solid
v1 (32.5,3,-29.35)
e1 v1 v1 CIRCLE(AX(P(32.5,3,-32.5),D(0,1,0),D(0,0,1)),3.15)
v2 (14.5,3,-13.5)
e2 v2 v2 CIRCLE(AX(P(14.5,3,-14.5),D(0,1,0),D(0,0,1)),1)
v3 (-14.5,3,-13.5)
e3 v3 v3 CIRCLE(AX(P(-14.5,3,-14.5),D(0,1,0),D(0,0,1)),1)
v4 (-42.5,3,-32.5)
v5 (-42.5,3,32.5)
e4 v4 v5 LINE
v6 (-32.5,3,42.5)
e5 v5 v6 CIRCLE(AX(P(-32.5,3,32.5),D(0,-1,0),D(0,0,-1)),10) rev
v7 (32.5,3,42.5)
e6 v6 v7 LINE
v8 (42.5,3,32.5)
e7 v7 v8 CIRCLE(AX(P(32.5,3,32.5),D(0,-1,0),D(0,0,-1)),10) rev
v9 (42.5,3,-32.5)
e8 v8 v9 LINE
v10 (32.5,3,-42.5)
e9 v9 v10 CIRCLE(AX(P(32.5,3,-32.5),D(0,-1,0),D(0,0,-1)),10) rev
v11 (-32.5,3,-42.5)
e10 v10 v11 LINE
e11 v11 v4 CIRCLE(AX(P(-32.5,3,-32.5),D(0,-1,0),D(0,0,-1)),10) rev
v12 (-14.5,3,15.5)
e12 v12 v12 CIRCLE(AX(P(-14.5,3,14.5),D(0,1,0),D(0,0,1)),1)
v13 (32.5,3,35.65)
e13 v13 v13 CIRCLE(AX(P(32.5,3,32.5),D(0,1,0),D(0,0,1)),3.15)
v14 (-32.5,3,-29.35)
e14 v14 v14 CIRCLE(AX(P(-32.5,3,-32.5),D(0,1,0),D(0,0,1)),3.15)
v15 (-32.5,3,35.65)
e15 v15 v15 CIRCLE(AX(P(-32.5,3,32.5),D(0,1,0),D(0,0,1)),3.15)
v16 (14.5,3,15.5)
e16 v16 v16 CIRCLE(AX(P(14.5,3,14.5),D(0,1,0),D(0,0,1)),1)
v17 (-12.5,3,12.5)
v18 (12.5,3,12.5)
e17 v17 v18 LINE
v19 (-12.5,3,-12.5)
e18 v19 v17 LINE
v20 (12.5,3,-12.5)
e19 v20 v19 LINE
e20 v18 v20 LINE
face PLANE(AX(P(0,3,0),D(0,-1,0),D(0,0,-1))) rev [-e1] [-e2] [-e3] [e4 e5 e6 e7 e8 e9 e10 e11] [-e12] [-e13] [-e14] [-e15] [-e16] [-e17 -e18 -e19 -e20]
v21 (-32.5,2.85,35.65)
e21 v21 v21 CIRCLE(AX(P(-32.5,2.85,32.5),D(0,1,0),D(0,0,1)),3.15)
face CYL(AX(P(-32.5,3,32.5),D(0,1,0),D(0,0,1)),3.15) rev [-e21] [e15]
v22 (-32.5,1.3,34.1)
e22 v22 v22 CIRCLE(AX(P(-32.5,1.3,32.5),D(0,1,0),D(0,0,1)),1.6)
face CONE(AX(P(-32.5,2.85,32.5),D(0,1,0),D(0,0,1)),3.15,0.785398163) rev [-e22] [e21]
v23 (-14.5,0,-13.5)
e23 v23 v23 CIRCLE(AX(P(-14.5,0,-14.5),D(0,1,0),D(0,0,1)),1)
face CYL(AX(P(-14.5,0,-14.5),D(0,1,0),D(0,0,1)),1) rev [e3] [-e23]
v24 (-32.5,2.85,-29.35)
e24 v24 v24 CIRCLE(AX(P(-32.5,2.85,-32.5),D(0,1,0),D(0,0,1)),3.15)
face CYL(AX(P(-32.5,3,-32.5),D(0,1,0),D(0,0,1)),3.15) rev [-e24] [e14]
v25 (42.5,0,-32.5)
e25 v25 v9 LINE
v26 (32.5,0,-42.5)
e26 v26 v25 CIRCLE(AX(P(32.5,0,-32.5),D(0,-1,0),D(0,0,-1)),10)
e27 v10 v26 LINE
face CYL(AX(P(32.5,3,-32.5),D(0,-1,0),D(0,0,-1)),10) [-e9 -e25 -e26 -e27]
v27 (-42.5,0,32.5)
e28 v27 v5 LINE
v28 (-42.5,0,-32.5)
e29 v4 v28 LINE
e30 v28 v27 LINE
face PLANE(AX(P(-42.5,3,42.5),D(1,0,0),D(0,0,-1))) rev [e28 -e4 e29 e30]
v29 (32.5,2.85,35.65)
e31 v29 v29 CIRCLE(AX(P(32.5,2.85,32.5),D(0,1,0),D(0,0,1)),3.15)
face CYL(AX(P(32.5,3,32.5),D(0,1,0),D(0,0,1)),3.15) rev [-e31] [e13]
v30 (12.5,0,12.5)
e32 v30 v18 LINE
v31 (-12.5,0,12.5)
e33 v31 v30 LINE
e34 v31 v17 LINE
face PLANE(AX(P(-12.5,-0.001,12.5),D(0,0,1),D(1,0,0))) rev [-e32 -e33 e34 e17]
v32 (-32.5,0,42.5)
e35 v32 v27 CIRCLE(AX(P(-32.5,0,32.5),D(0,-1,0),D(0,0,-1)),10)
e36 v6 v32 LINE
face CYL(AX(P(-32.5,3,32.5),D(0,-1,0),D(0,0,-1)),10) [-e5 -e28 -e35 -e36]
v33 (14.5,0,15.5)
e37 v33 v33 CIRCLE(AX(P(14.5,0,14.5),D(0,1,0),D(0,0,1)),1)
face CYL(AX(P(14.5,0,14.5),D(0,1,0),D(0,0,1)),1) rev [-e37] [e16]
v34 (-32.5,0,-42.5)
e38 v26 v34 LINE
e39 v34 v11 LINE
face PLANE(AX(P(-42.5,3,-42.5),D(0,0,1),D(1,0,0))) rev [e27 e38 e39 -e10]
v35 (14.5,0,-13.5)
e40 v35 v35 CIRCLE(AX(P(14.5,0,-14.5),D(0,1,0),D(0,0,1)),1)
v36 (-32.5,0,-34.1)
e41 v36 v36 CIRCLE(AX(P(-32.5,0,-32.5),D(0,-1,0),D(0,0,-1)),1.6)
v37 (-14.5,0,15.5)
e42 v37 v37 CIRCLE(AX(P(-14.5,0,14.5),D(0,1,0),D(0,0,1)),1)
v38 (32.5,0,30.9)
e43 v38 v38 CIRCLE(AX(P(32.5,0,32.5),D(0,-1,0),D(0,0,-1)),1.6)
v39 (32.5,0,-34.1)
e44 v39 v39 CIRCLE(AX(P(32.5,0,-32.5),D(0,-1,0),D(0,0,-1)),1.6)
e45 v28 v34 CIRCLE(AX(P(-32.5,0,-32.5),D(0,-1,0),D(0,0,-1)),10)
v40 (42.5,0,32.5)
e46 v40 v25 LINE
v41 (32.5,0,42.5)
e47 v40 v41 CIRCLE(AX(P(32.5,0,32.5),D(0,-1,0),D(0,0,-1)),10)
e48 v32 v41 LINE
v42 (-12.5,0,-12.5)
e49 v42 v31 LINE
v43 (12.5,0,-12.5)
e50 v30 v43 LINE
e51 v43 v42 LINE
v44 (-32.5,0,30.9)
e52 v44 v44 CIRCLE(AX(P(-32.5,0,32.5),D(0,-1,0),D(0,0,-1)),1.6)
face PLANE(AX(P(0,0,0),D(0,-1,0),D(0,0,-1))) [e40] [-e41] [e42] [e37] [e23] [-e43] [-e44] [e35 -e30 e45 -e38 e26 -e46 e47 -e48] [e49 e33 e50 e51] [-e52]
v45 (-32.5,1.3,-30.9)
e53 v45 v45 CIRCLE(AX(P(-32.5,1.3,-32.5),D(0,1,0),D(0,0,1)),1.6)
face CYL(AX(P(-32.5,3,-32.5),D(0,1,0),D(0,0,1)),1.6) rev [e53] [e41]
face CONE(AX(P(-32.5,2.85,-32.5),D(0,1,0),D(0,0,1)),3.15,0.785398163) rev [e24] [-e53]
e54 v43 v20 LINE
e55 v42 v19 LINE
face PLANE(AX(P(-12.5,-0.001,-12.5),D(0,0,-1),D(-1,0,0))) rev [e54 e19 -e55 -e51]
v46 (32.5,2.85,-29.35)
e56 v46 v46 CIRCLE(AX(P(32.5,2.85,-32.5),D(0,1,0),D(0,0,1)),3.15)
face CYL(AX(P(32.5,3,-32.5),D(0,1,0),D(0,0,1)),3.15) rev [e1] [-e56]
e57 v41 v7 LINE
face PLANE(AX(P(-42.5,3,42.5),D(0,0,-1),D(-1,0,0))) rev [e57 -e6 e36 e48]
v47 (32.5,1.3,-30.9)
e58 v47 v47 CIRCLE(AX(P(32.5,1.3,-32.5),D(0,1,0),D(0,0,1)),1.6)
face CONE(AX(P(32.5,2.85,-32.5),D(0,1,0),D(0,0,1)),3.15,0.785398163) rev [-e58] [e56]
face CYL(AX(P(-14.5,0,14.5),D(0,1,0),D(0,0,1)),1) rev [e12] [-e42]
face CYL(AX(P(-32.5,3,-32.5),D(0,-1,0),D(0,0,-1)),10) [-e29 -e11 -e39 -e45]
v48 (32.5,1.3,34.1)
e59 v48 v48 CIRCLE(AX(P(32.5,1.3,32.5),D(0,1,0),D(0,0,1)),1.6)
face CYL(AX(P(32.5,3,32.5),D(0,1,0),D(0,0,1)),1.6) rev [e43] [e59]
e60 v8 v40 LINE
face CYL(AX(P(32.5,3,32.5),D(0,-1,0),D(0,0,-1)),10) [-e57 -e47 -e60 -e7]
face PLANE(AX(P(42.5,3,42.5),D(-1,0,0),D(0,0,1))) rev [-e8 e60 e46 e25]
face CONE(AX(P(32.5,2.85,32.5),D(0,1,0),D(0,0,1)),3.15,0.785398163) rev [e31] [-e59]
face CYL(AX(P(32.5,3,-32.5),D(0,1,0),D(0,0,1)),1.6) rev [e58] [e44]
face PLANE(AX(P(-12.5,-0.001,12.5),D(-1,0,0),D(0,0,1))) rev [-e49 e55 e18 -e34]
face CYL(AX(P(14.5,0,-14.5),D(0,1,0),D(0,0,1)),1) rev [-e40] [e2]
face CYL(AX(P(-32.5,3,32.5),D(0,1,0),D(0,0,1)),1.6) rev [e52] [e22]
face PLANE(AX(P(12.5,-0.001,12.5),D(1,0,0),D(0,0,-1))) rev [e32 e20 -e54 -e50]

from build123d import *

# Parameters (mm, degrees)
SKETCH1_W                                      = 85
SKETCH1_H                                      = 85
BOSS_EXTRUDE1_DEPTH                            = 3
FILLET1_R                                      = 10
CUT_EXTRUDE1_REACH                             = 5
SKETCH3_W                                      = 25
SKETCH3_H                                      = 25
CSK_FOR_M3_FLAT_HEAD_MACHINE_SCREW1_AT_2_COUNT = 2
CSK_FOR_M3_FLAT_HEAD_MACHINE_SCREW1_AT_2_PITCH = 65
CSK_FOR_M3_FLAT_HEAD_MACHINE_SCREW1_AT_3_COUNT = 2
CSK_FOR_M3_FLAT_HEAD_MACHINE_SCREW1_AT_3_PITCH = 91.923881554
CSK_FOR_M3_FLAT_HEAD_MACHINE_SCREW1_AT_4_COUNT = 2
CSK_FOR_M3_FLAT_HEAD_MACHINE_SCREW1_AT_4_PITCH = 65
SKETCH6_R                                      = 1
CUT_EXTRUDE2_DEPTH                             = 4


with BuildPart() as part:
    # Sketch1 → Boss-Extrude1 (new body)
    with BuildSketch(Plane(origin=(0, 0, 0), x_dir=(1, 0, 0), z_dir=(0, 1, 0))):
        Rectangle(SKETCH1_W, SKETCH1_H)
    extrude(amount=BOSS_EXTRUDE1_DEPTH)

    # Fillet1
    fillet1_edges = [part.edges().sort_by_distance(p)[0] for p in [
        (42.5, 1.5, 42.5),
        (-42.5, 1.5, 42.5),
        (-42.5, 1.5, -42.5),
        (42.5, 1.5, -42.5),
    ]]
    fillet(fillet1_edges, radius=FILLET1_R)

    # Sketch3 → Cut-Extrude1 (cut, up to next)
    with BuildSketch(Plane(origin=(0, 3, 0), x_dir=(1, 0, 0), z_dir=(0, 1, 0)), mode=Mode.PRIVATE) as cut_extrude1_sk1:
        Rectangle(SKETCH3_W, SKETCH3_H)
    cut_extrude1_tool1 = extrude(cut_extrude1_sk1.sketch, amount=-CUT_EXTRUDE1_REACH, mode=Mode.PRIVATE) & part.part
    add(cut_extrude1_tool1.solids().sort_by_distance((0, 3, 0))[0], mode=Mode.SUBTRACT)

    # Sketch4 → CSK for M3 Flat Head Machine Screw1 (revolve, cut)
    with BuildSketch(Plane(origin=(32.5, 3, -32.5), x_dir=(0, 0, 1), z_dir=(1, 0, 0))):
        Polygon((0, 0), (0, 3), (1.6, 3), (1.6, 1.7), (3.15, 0.15), (3.15, 0), align=None)
    csk_for_m3_flat_head_machine_screw1 = revolve(axis=Axis((32.5, 9.35, -32.5), (0, -1, 0)), mode=Mode.SUBTRACT)

    # CSK for M3 Flat Head Machine Screw1 at 2: CSK for M3 Flat Head Machine Screw1 ×2
    with Locations(*[(0, 0, i * CSK_FOR_M3_FLAT_HEAD_MACHINE_SCREW1_AT_2_PITCH) for i in range(1, CSK_FOR_M3_FLAT_HEAD_MACHINE_SCREW1_AT_2_COUNT)]):
        add(csk_for_m3_flat_head_machine_screw1, mode=Mode.SUBTRACT)

    # CSK for M3 Flat Head Machine Screw1 at 3: CSK for M3 Flat Head Machine Screw1 ×2
    with Locations(*[Vector(-0.707106781, 0, 0.707106781) * (i * CSK_FOR_M3_FLAT_HEAD_MACHINE_SCREW1_AT_3_PITCH) for i in range(1, CSK_FOR_M3_FLAT_HEAD_MACHINE_SCREW1_AT_3_COUNT)]):
        add(csk_for_m3_flat_head_machine_screw1, mode=Mode.SUBTRACT)

    # CSK for M3 Flat Head Machine Screw1 at 4: CSK for M3 Flat Head Machine Screw1 ×2
    with Locations(*[(-i * CSK_FOR_M3_FLAT_HEAD_MACHINE_SCREW1_AT_4_PITCH, 0, 0) for i in range(1, CSK_FOR_M3_FLAT_HEAD_MACHINE_SCREW1_AT_4_COUNT)]):
        add(csk_for_m3_flat_head_machine_screw1, mode=Mode.SUBTRACT)

    # Sketch6 → Cut-Extrude2 (cut, through all)
    with BuildSketch(Plane(origin=(0, 3, 0), x_dir=(1, 0, 0), z_dir=(0, 1, 0))):
        with Locations((-14.5, 14.5)):
            Circle(SKETCH6_R)
        with Locations((14.5, 14.5)):
            Circle(SKETCH6_R)
        with Locations((14.5, -14.5)):
            Circle(SKETCH6_R)
        with Locations((-14.5, -14.5)):
            Circle(SKETCH6_R)
    extrude(amount=-CUT_EXTRUDE2_DEPTH, mode=Mode.SUBTRACT)


solid = part.part
